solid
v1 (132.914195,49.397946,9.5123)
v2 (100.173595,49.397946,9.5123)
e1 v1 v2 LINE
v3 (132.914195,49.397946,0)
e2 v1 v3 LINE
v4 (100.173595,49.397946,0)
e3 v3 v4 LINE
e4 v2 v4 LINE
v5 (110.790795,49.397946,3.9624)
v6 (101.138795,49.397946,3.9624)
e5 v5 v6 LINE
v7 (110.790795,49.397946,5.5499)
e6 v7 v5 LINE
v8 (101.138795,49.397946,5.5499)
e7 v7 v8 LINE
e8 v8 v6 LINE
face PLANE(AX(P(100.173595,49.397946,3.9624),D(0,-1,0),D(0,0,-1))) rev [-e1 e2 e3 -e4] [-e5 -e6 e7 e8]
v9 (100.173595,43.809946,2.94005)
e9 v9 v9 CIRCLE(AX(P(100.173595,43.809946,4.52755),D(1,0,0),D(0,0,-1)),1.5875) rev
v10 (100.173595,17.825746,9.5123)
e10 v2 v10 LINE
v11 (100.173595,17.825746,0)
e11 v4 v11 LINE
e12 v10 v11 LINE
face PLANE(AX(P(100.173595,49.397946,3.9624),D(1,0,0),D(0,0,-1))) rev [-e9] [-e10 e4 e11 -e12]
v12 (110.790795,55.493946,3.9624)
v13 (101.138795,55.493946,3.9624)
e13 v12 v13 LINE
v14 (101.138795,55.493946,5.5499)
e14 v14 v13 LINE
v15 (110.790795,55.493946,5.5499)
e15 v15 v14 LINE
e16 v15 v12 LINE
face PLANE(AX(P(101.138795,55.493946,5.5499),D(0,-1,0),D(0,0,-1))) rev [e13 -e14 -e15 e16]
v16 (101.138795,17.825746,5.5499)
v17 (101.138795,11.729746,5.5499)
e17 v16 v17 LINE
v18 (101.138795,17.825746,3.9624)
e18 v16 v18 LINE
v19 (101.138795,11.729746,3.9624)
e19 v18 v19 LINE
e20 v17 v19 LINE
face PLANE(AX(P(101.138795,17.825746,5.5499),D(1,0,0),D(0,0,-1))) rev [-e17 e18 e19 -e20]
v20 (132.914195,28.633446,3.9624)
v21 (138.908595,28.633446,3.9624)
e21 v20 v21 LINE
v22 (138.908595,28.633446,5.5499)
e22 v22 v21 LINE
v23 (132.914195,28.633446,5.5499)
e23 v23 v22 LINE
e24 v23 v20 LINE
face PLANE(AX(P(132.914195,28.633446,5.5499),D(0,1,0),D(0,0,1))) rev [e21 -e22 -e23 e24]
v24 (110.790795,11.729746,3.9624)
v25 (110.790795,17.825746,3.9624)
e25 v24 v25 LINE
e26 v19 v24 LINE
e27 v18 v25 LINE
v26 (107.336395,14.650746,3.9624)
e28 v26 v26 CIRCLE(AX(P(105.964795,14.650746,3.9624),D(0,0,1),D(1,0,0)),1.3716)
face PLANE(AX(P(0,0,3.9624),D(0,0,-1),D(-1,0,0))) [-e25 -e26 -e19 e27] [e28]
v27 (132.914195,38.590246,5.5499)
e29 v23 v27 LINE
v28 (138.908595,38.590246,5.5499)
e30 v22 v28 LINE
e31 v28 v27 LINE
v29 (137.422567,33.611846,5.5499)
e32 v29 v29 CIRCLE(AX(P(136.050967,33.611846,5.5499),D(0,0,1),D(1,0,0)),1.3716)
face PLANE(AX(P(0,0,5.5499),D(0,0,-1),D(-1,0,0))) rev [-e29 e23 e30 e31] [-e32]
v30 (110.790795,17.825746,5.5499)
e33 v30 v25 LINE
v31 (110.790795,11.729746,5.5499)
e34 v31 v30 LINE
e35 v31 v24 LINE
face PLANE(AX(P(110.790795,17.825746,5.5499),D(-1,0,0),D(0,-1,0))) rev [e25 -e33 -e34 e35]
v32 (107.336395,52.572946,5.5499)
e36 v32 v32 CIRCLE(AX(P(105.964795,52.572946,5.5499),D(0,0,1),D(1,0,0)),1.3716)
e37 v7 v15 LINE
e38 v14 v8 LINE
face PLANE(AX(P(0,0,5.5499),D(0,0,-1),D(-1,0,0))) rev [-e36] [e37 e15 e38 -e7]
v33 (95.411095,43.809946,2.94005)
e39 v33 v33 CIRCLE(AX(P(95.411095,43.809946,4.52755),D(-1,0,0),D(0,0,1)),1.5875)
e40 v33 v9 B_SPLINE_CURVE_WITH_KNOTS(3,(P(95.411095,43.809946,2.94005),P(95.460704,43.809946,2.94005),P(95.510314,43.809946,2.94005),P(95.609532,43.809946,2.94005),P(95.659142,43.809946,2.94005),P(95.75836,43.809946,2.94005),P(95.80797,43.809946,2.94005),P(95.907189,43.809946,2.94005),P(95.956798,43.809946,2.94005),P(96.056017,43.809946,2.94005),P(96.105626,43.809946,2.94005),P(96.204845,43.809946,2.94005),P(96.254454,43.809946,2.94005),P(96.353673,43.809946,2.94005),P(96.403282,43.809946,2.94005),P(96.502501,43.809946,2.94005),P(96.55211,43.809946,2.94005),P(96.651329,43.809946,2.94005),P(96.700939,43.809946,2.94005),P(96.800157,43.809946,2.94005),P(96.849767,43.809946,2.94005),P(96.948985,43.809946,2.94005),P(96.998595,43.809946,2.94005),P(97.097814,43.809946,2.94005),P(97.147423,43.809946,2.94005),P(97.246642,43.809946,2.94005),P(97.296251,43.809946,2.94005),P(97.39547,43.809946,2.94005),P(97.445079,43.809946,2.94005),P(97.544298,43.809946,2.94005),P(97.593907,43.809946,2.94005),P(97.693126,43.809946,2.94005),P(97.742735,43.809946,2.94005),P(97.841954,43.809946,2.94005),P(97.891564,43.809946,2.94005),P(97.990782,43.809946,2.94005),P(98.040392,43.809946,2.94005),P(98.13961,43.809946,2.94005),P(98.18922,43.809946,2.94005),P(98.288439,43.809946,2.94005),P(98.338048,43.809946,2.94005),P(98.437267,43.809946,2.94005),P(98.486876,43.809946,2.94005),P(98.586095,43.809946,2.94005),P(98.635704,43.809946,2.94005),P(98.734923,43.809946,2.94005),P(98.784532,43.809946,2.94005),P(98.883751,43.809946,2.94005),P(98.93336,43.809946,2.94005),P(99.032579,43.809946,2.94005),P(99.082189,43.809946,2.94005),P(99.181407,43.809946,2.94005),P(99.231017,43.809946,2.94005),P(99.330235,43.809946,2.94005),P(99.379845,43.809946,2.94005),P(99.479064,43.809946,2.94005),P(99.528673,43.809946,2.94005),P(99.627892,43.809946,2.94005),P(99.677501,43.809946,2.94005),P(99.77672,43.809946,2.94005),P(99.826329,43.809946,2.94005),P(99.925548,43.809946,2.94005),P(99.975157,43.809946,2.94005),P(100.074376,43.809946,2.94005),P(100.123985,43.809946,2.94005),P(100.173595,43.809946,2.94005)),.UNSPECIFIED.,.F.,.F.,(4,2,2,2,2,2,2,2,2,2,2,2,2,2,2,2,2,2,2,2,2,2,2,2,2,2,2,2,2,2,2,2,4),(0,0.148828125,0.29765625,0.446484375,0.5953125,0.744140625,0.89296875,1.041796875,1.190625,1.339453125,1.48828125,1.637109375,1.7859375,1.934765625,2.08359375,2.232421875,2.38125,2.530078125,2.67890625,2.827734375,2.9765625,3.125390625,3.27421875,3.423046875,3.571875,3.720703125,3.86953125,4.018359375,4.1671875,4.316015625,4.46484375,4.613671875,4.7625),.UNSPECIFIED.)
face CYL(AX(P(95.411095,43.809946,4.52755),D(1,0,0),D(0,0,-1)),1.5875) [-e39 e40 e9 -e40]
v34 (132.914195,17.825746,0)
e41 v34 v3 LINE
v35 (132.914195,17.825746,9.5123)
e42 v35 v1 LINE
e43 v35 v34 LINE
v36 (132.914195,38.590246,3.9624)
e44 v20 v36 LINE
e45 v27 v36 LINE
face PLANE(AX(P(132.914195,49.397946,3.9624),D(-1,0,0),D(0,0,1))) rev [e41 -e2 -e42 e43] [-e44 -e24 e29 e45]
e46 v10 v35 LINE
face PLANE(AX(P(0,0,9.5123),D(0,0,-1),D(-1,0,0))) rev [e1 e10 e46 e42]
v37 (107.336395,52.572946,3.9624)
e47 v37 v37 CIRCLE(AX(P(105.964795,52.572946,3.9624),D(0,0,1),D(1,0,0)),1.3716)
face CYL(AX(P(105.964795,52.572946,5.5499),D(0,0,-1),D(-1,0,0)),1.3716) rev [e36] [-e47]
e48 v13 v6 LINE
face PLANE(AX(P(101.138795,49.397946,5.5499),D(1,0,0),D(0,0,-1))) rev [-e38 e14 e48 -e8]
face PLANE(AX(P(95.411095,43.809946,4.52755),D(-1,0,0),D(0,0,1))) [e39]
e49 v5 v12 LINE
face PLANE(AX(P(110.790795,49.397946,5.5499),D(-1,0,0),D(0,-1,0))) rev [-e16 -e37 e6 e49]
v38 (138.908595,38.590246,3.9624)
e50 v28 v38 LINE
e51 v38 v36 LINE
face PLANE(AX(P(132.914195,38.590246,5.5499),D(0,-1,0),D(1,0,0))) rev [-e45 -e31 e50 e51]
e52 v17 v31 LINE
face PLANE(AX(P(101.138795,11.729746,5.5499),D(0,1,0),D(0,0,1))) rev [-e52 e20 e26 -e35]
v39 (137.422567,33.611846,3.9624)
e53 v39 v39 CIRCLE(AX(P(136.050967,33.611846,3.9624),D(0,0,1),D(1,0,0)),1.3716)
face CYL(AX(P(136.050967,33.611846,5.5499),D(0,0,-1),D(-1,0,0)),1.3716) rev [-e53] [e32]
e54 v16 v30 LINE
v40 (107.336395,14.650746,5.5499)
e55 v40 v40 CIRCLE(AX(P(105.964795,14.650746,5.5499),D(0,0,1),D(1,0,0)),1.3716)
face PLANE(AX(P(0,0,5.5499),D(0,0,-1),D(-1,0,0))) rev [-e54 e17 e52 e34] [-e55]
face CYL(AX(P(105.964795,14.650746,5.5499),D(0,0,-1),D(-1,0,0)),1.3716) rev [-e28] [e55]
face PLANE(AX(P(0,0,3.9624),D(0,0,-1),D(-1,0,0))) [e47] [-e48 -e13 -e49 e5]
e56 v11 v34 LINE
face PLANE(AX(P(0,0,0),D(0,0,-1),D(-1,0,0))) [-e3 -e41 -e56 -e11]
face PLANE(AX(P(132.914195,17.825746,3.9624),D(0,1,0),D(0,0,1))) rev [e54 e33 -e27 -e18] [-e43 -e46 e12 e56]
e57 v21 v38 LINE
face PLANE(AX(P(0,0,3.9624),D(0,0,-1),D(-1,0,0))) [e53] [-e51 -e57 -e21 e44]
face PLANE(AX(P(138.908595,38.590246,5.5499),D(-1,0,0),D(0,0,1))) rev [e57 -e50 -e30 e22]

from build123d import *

# Parameters (mm, degrees)
SKETCH1_W           = 32.7406
SKETCH1_H           = 31.5722
BOSS_EXTRUDE1_DEPTH = 3.9624
SKETCH2_R           = 1.3716
BOSS_EXTRUDE2_DEPTH = 1.5875
SKETCH3_W           = 32.7406
SKETCH3_H           = 31.5722
BOSS_EXTRUDE3_DEPTH = 3.9624
SKETCH4_R           = 1.5875
BOSS_EXTRUDE4_DEPTH = 4.7625


with BuildPart() as part:
    # Sketch1 → Boss-Extrude1 (new body)
    with BuildSketch(Plane.XY):
        with Locations((116.543894781, 33.611845874)):
            Rectangle(SKETCH1_W, SKETCH1_H)
    extrude(amount=BOSS_EXTRUDE1_DEPTH)

    # Sketch2 → Boss-Extrude2 (add)
    with BuildSketch(Plane.XY.offset(3.9624)):
        Polygon((100.173594781, 49.397945874), (101.138794781, 49.397945874), (101.138794781, 55.493945874), (110.790794781, 55.493945874), (110.790794781, 49.397945874), (132.914194781, 49.397945874), (132.914194781, 38.590245874), (138.908594781, 38.590245874), (138.908594781, 28.633445874), (132.914194781, 28.633445874), (132.914194781, 17.825745874), (110.790794781, 17.825745874), (110.790794781, 11.729745874), (101.138794781, 11.729745874), (101.138794781, 17.825745874), (100.173594781, 17.825745874), align=None)
        with Locations((136.050967198, 33.611845874)):
            Circle(SKETCH2_R, mode=Mode.SUBTRACT)
        with Locations((105.964794781, 52.572945874)):
            Circle(SKETCH2_R, mode=Mode.SUBTRACT)
        with Locations((105.964794781, 14.650745874)):
            Circle(SKETCH2_R, mode=Mode.SUBTRACT)
    extrude(amount=BOSS_EXTRUDE2_DEPTH)

    # Sketch3 → Boss-Extrude3 (add)
    with BuildSketch(Plane.XY.offset(5.5499)):
        with Locations((116.543894781, 33.611845874)):
            Rectangle(SKETCH3_W, SKETCH3_H)
    extrude(amount=BOSS_EXTRUDE3_DEPTH)

    # Sketch4 → Boss-Extrude4 (add)
    with BuildSketch(Plane.ZY.offset(-100.173594781)):
        with Locations(Location((4.52755, 43.809945874, 0), (0, 0, 180))):
            Circle(SKETCH4_R)
    extrude(amount=BOSS_EXTRUDE4_DEPTH)


solid = part.part
